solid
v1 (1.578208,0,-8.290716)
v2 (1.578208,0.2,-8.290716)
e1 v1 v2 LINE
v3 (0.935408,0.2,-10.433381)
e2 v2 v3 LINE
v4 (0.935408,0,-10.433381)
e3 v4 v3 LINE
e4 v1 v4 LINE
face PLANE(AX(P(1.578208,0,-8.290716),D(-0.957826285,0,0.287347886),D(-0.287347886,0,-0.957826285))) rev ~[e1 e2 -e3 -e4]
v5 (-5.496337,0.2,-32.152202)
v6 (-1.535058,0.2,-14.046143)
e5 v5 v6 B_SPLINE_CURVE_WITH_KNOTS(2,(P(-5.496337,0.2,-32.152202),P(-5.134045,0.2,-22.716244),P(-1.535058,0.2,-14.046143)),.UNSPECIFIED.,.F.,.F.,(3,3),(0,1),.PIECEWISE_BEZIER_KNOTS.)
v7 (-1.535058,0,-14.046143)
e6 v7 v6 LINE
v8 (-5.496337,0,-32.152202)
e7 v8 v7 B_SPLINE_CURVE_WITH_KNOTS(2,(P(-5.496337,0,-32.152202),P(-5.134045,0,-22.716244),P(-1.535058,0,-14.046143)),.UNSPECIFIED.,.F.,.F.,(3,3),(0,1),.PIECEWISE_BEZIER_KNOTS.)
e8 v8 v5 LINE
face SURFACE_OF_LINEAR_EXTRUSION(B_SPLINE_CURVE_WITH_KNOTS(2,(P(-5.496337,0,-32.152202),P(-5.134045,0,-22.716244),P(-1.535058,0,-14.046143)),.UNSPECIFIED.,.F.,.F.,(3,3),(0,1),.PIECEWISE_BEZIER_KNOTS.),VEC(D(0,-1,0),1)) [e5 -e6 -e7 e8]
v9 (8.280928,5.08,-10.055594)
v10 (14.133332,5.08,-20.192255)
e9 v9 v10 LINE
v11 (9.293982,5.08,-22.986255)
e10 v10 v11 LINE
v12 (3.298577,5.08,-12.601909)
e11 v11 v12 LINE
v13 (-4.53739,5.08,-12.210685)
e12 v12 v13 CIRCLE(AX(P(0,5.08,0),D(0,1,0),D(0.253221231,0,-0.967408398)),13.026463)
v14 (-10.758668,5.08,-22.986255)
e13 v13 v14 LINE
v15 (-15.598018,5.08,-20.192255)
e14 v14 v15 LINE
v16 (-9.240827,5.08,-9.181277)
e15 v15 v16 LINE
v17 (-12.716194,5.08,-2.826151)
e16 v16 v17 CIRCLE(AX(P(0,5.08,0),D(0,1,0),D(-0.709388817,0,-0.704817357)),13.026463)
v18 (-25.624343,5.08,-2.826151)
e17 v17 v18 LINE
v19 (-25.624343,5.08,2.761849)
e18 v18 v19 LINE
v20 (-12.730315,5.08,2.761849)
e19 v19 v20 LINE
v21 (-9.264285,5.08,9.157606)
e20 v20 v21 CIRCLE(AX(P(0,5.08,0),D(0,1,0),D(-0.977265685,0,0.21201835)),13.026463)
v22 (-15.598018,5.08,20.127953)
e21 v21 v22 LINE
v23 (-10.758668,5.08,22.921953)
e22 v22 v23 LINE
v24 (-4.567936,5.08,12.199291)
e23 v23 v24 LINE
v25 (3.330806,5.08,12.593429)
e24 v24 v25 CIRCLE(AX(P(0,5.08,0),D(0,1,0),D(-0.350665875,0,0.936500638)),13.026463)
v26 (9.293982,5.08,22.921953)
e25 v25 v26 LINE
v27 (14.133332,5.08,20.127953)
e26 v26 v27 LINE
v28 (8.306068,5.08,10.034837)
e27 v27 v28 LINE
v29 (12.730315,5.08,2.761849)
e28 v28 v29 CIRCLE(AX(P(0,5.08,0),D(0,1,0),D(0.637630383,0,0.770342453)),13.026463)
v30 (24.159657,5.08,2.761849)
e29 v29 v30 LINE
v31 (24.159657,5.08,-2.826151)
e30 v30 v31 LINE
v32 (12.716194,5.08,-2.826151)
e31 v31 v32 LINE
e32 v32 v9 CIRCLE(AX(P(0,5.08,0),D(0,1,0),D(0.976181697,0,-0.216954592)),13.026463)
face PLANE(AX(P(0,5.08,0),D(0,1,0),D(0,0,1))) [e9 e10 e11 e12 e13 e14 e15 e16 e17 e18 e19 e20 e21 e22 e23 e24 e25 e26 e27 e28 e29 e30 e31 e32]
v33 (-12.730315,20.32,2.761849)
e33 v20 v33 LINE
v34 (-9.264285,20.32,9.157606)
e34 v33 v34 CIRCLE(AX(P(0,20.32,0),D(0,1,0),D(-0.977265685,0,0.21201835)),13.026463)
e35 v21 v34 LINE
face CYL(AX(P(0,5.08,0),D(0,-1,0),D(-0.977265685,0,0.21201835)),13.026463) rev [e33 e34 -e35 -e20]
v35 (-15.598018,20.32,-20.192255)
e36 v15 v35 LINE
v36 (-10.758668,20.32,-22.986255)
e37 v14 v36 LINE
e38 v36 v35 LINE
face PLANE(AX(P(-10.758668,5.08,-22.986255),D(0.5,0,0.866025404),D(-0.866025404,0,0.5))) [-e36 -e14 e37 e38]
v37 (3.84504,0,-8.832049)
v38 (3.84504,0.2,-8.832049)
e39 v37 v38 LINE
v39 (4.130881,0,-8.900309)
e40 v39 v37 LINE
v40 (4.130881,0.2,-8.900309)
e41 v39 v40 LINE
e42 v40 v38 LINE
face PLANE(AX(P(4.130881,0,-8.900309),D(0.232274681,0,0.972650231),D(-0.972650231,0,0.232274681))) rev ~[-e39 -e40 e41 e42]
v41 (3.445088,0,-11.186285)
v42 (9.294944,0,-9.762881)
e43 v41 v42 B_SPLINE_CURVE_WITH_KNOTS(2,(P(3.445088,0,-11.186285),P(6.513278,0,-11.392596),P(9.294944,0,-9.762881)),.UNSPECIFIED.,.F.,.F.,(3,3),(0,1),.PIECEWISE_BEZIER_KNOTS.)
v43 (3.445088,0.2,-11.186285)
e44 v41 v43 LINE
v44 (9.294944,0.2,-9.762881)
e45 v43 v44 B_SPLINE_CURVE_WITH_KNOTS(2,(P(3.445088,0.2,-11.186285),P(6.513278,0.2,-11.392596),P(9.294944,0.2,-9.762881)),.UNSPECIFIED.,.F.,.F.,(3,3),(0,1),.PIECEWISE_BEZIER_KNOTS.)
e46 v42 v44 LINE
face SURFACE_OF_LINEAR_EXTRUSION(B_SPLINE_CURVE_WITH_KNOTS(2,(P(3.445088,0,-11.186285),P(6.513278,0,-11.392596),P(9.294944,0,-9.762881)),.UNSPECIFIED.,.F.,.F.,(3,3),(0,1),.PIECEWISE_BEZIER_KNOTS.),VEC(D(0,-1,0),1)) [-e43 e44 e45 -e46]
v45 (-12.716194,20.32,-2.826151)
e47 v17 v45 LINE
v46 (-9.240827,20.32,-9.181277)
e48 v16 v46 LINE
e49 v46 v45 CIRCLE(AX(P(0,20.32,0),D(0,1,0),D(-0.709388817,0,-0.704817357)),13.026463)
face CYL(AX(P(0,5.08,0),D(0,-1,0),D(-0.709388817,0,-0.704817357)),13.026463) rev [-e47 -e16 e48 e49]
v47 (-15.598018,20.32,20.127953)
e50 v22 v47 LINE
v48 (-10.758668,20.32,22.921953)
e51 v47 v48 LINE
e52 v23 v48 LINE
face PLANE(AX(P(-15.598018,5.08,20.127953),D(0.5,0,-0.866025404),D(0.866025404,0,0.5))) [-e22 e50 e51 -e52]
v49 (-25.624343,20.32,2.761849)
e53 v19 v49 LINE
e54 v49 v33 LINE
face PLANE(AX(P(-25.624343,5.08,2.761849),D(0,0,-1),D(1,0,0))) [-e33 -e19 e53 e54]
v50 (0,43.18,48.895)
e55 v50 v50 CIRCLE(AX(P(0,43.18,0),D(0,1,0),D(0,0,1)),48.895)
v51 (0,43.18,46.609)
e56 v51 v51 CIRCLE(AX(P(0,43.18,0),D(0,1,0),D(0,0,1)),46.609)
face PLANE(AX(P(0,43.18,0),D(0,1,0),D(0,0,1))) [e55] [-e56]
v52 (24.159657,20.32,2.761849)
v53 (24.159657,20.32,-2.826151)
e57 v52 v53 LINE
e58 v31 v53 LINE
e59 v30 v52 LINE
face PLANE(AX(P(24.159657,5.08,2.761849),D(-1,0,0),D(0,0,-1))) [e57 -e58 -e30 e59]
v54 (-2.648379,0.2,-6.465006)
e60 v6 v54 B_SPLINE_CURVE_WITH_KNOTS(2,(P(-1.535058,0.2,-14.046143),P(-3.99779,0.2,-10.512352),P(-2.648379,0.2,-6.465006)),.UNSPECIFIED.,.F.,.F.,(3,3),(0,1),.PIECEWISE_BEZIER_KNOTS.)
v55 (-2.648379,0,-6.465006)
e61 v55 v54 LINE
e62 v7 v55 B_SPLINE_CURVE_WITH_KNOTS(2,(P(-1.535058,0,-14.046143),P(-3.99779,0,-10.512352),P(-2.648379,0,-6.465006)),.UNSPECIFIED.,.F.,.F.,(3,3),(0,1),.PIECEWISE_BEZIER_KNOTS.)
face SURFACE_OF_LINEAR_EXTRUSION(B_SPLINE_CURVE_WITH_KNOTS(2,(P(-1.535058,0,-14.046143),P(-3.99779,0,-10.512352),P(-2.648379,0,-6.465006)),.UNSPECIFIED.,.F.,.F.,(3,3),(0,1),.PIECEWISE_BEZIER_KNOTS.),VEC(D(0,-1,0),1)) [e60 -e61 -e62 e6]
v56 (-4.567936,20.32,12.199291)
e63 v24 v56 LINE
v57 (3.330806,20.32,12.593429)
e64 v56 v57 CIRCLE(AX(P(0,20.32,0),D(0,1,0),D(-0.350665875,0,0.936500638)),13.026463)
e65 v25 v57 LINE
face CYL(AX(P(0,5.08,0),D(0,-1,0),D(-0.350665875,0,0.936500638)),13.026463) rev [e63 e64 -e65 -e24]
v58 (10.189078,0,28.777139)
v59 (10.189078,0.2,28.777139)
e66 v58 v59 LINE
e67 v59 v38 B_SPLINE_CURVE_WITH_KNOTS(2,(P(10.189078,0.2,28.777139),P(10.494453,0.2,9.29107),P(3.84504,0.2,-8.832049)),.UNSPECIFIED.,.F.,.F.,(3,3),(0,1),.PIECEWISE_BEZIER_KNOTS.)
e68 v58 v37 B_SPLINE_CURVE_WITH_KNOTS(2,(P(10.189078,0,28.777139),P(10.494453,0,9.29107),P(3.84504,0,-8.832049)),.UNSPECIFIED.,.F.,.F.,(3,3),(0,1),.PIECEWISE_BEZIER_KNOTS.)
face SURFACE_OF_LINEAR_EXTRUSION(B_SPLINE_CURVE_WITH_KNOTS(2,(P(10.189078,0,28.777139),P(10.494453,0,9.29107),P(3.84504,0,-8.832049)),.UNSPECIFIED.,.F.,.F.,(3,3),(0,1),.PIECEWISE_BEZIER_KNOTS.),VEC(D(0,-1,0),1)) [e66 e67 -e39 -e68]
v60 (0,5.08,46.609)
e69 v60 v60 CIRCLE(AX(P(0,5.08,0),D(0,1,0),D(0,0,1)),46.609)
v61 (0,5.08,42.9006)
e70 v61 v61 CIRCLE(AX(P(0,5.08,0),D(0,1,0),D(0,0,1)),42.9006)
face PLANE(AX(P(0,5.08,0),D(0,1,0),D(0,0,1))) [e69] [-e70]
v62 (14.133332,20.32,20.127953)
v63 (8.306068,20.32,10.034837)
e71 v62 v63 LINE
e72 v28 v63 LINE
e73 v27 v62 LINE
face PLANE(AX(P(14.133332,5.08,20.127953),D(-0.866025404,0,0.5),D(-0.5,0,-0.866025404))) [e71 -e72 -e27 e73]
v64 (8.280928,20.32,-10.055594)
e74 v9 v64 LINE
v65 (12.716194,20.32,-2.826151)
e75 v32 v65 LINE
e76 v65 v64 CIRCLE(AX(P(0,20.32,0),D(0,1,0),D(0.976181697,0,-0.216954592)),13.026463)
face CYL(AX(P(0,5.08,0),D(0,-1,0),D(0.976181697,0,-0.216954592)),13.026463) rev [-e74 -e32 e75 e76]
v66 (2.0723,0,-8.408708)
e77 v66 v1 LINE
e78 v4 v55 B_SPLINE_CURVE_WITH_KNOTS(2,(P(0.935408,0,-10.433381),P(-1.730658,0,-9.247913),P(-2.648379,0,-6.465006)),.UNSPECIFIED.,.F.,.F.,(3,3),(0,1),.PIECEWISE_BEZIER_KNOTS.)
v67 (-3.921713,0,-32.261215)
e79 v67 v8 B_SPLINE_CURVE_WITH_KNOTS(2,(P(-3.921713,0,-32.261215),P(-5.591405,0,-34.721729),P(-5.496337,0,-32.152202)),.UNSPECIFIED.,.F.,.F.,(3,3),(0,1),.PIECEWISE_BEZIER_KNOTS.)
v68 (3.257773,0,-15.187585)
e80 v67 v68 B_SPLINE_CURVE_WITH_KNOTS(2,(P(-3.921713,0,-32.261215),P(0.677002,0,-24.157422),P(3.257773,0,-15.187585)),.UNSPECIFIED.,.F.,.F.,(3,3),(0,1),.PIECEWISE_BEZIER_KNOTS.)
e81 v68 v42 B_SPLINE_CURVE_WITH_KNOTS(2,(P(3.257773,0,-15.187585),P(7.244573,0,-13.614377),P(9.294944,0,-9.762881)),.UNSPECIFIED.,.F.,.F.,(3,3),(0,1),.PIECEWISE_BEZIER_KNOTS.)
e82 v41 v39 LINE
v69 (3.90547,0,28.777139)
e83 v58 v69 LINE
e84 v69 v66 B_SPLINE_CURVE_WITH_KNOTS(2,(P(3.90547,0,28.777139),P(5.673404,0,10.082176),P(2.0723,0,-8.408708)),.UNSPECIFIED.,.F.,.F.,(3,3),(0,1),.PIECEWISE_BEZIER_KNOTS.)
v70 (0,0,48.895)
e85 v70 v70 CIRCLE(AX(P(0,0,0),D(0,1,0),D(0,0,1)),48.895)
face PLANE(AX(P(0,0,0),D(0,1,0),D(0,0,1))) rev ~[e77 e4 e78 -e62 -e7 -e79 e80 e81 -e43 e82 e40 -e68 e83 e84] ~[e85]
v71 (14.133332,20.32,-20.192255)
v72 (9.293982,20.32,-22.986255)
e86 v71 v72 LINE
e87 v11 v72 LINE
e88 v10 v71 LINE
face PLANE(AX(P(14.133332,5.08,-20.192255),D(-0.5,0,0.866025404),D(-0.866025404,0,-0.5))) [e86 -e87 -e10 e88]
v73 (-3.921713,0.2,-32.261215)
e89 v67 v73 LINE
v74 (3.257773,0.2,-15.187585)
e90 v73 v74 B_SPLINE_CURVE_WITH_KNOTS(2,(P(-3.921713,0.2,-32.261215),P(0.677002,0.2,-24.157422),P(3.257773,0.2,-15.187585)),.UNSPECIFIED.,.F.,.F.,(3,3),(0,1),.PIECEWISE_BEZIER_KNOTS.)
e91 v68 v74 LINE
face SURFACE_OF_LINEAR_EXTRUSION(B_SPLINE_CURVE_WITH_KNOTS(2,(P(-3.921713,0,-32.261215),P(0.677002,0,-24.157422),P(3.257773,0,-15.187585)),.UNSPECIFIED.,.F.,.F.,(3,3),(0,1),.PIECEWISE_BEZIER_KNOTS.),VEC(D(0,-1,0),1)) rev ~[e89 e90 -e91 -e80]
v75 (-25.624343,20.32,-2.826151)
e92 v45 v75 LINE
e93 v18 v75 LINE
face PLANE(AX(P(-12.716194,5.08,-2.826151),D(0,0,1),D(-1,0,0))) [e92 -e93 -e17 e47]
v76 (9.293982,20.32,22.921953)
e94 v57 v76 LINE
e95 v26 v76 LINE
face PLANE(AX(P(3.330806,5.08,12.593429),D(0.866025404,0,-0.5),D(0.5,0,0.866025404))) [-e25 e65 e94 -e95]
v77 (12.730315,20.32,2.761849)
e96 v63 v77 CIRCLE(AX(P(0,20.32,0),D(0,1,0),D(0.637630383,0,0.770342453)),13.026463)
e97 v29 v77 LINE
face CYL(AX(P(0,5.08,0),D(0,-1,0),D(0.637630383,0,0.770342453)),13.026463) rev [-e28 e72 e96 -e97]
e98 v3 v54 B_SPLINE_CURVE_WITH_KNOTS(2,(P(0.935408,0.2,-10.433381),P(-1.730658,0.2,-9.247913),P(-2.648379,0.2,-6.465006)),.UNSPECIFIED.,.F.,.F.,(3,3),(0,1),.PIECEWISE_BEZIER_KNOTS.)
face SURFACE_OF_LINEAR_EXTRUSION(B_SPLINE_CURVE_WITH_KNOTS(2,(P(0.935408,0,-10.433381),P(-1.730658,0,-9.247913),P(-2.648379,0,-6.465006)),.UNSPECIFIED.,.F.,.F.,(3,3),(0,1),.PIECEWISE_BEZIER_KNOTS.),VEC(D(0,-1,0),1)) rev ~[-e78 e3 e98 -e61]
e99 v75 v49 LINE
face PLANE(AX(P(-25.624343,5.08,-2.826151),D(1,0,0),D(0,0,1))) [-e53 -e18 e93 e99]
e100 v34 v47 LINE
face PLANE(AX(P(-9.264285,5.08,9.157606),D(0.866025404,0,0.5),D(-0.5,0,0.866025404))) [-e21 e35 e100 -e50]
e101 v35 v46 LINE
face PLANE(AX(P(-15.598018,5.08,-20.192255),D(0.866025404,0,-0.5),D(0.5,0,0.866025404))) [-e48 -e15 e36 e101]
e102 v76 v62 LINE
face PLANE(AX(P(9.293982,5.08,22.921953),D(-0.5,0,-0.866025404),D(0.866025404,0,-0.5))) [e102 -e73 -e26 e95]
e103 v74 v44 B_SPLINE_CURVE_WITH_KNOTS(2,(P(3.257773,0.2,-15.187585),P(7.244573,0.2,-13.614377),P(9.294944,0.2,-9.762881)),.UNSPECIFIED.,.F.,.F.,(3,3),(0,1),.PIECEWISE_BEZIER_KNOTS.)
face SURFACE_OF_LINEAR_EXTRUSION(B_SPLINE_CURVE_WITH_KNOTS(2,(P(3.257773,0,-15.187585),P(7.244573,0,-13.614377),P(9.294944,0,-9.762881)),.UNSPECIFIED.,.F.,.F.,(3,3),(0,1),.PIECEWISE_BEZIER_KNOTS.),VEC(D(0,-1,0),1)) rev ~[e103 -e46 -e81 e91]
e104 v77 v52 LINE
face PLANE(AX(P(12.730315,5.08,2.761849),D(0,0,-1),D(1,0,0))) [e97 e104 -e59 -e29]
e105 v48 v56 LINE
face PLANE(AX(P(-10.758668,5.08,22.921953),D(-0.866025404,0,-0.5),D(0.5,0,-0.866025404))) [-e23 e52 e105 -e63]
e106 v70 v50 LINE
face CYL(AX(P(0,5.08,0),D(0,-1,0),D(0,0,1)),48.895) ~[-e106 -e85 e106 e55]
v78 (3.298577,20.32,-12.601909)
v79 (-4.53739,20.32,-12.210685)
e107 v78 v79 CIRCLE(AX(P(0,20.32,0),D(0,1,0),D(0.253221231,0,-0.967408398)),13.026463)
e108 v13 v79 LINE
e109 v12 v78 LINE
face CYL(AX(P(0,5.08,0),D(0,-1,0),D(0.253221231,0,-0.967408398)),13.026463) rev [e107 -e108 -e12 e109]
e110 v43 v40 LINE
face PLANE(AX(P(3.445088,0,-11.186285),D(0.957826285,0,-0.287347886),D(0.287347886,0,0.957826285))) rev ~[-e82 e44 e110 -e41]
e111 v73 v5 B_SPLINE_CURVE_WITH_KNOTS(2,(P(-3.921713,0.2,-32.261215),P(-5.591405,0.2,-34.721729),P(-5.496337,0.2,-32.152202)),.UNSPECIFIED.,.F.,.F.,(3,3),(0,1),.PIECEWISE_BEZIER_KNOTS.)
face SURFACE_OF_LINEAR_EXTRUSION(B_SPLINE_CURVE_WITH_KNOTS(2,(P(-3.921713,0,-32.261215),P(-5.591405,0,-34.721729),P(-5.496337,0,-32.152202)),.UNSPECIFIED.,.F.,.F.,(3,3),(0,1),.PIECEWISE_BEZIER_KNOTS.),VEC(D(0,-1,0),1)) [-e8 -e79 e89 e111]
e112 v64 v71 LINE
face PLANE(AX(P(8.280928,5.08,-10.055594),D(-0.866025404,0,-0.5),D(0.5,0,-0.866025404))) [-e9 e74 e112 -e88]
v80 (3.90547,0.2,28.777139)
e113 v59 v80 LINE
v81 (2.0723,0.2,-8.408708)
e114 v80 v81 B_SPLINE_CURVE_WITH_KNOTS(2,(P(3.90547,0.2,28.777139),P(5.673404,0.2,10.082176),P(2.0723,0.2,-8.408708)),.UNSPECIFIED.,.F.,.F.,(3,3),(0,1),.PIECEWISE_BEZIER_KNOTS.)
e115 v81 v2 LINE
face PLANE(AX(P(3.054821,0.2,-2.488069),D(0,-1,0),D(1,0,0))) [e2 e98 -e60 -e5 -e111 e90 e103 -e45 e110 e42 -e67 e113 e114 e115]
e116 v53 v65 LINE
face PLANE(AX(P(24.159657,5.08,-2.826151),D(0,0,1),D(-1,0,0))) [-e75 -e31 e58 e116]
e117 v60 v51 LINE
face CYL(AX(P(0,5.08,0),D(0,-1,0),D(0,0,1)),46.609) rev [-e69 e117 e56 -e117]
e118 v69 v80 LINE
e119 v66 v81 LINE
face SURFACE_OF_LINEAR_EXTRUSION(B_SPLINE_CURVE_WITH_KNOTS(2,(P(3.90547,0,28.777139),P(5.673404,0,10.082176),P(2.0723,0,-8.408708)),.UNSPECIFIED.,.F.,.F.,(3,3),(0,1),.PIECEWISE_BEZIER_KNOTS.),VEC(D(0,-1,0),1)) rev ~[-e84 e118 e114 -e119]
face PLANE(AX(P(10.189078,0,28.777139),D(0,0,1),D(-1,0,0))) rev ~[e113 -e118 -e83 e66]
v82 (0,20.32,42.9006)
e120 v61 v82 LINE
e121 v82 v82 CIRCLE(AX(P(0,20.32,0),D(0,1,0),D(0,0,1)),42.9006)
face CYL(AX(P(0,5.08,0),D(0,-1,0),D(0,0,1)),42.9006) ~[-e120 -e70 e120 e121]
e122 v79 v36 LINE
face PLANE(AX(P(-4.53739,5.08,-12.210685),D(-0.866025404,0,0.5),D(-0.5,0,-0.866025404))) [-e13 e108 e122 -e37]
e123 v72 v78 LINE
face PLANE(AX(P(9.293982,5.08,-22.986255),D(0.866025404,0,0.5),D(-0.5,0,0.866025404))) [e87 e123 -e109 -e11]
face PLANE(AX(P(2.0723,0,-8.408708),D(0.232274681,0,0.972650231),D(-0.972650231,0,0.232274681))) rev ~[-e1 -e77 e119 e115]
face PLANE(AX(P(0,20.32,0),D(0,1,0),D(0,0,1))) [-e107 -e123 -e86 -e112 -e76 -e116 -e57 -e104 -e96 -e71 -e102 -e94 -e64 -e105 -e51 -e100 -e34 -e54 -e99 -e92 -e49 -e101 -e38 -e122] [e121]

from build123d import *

# Parameters (mm, degrees)
SKETCH3_R           = 48.895
BOSS_EXTRUDE2_DEPTH = 5.08
SKETCH4_R           = 42.9006
BOSS_EXTRUDE3_DEPTH = 15.24
SKETCH5_R           = 48.895
SKETCH5_R_2         = 46.609
BOSS_EXTRUDE4_DEPTH = 38.1
CUT_EXTRUDE1_DEPTH  = 0.2


with BuildPart() as part:
    # Sketch3 → Boss-Extrude2 (new body)
    with BuildSketch(Plane(origin=(0, 0, 0), x_dir=(1, 0, 0), z_dir=(0, 1, 0))):
        with Locations(Location((0, 0, 0), (0, 0, 270))):  # turned: the seam where the file's is
            Circle(SKETCH3_R)
    extrude(amount=BOSS_EXTRUDE2_DEPTH)

    # Sketch4 → Boss-Extrude3 (add)
    with BuildSketch(Plane(origin=(0, 5.08, 0), x_dir=(1, 0, 0), z_dir=(0, 1, 0))):
        with Locations(Location((0, 0, 0), (0, 0, 270))):  # turned: the seam where the file's is
            Circle(SKETCH4_R)
        with BuildLine():
            ThreePointArc((-4.567935909, -12.199290546), (-0.649198876, -13.01027552), (3.330805622, -12.593429326))
            Line((3.330805622, -12.593429326), (9.293981813, -22.921953464))
            Line((9.293981813, -22.921953464), (14.133331769, -20.127953464))
            Line((14.133331769, -20.127953464), (8.306068354, -10.034837158))
            ThreePointArc((8.306068354, -10.034837158), (11.129081005, -6.769954526), (12.730314912, -2.761849113))
            Line((12.730314912, -2.761849113), (24.159656791, -2.761849113))
            Line((24.159656791, -2.761849113), (24.159656791, 2.826150887))
            Line((24.159656791, 2.826150887), (12.716194378, 2.826150887))
            ThreePointArc((12.716194378, 2.826150887), (11.103422614, 6.811955266), (8.280927567, 10.055593813))
            Line((8.280927567, 10.055593813), (14.133331769, 20.192255238))
            Line((14.133331769, 20.192255238), (9.293981813, 22.986255238))
            Line((9.293981813, 22.986255238), (3.298576906, 12.601909327))
            ThreePointArc((3.298576906, 12.601909327), (-0.649560207, 13.010257485), (-4.537389725, 12.210684779))
            Line((-4.537389725, 12.210684779), (-10.758668231, 22.986255238))
            Line((-10.758668231, 22.986255238), (-15.598018187, 20.192255238))
            Line((-15.598018187, 20.192255238), (-9.240826906, 9.181276947))
            ThreePointArc((-9.240826906, 9.181276947), (-11.429112071, 6.250130044), (-12.716194378, 2.826150887))
            Line((-12.716194378, 2.826150887), (-25.624343209, 2.826150887))
            Line((-25.624343209, 2.826150887), (-25.624343209, -2.761849113))
            Line((-25.624343209, -2.761849113), (-12.730314912, -2.761849113))
            ThreePointArc((-12.730314912, -2.761849113), (-11.452817768, -6.206584686), (-9.26428516, -9.15760606))
            Line((-9.26428516, -9.15760606), (-15.598018187, -20.127953464))
            Line((-15.598018187, -20.127953464), (-10.758668231, -22.921953464))
            Line((-10.758668231, -22.921953464), (-4.567935909, -12.199290546))
        make_face(mode=Mode.SUBTRACT)
    extrude(amount=BOSS_EXTRUDE3_DEPTH)

    # Sketch5 → Boss-Extrude4 (add)
    with BuildSketch(Plane(origin=(0, 5.08, 0), x_dir=(1, 0, 0), z_dir=(0, 1, 0))):
        with Locations(Location((0, 0, 0), (0, 0, 270))):  # turned: the seam where the file's is
            Circle(SKETCH5_R)
        with Locations(Location((0, 0, 0), (0, 0, 270))):  # turned: the seam where the file's is
            Circle(SKETCH5_R_2, mode=Mode.SUBTRACT)
    extrude(amount=BOSS_EXTRUDE4_DEPTH)

    # Sketch7 → Cut-Extrude1 (cut)
    with BuildSketch(Plane.XZ):
        with BuildLine():
            Line((10.189077573, 28.777139206), (3.905470201, 28.777139206))
            add(Edge.make_bspline(
                [(3.905470201, 28.777139206), (5.673403675, 10.082176027), (2.072299934, -8.408708001)],
                knots=[0, 0, 0, 1, 1, 1], degree=2))
            Line((2.072299934, -8.408708001), (1.578207561, -8.290715793))
            Line((1.578207561, -8.290715793), (0.93540787, -10.43338143))
            add(Edge.make_bspline(
                [(0.93540787, -10.43338143), (-1.730658467, -9.24791296), (-2.648379288, -6.465006437)],
                knots=[0, 0, 0, 1, 1, 1], degree=2))
            add(Edge.make_bspline(
                [(-1.535058391, -14.046142711), (-3.997790421, -10.512351861), (-2.648379288, -6.465006437)],
                knots=[0, 0, 0, 1, 1, 1], degree=2))
            add(Edge.make_bspline(
                [(-5.496336768, -32.152202336), (-5.134044818, -22.716243693), (-1.535058391, -14.046142711)],
                knots=[0, 0, 0, 1, 1, 1], degree=2))
            add(Edge.make_bspline(
                [(-3.921713234, -32.261214734), (-5.591404908, -34.721729292), (-5.496336768, -32.152202336)],
                knots=[0, 0, 0, 1, 1, 1], degree=2))
            add(Edge.make_bspline(
                [(-3.921713234, -32.261214734), (0.67700242, -24.157422119), (3.257772607, -15.187585129)],
                knots=[0, 0, 0, 1, 1, 1], degree=2))
            add(Edge.make_bspline(
                [(3.257772607, -15.187585129), (7.244573316, -13.614377412), (9.294943691, -9.762880676)],
                knots=[0, 0, 0, 1, 1, 1], degree=2))
            add(Edge.make_bspline(
                [(3.445088013, -11.186285473), (6.51327774, -11.392596023), (9.294943691, -9.762880676)],
                knots=[0, 0, 0, 1, 1, 1], degree=2))
            Line((3.445088013, -11.186285473), (4.130880832, -8.90030941))
            Line((4.130880832, -8.90030941), (3.845040397, -8.832049008))
            add(Edge.make_bspline(
                [(10.189077573, 28.777139206), (10.494453194, 9.291070289), (3.845040397, -8.832049008)],
                knots=[0, 0, 0, 1, 1, 1], degree=2))
        make_face()
    extrude(amount=-CUT_EXTRUDE1_DEPTH, mode=Mode.SUBTRACT)


solid = part.part
